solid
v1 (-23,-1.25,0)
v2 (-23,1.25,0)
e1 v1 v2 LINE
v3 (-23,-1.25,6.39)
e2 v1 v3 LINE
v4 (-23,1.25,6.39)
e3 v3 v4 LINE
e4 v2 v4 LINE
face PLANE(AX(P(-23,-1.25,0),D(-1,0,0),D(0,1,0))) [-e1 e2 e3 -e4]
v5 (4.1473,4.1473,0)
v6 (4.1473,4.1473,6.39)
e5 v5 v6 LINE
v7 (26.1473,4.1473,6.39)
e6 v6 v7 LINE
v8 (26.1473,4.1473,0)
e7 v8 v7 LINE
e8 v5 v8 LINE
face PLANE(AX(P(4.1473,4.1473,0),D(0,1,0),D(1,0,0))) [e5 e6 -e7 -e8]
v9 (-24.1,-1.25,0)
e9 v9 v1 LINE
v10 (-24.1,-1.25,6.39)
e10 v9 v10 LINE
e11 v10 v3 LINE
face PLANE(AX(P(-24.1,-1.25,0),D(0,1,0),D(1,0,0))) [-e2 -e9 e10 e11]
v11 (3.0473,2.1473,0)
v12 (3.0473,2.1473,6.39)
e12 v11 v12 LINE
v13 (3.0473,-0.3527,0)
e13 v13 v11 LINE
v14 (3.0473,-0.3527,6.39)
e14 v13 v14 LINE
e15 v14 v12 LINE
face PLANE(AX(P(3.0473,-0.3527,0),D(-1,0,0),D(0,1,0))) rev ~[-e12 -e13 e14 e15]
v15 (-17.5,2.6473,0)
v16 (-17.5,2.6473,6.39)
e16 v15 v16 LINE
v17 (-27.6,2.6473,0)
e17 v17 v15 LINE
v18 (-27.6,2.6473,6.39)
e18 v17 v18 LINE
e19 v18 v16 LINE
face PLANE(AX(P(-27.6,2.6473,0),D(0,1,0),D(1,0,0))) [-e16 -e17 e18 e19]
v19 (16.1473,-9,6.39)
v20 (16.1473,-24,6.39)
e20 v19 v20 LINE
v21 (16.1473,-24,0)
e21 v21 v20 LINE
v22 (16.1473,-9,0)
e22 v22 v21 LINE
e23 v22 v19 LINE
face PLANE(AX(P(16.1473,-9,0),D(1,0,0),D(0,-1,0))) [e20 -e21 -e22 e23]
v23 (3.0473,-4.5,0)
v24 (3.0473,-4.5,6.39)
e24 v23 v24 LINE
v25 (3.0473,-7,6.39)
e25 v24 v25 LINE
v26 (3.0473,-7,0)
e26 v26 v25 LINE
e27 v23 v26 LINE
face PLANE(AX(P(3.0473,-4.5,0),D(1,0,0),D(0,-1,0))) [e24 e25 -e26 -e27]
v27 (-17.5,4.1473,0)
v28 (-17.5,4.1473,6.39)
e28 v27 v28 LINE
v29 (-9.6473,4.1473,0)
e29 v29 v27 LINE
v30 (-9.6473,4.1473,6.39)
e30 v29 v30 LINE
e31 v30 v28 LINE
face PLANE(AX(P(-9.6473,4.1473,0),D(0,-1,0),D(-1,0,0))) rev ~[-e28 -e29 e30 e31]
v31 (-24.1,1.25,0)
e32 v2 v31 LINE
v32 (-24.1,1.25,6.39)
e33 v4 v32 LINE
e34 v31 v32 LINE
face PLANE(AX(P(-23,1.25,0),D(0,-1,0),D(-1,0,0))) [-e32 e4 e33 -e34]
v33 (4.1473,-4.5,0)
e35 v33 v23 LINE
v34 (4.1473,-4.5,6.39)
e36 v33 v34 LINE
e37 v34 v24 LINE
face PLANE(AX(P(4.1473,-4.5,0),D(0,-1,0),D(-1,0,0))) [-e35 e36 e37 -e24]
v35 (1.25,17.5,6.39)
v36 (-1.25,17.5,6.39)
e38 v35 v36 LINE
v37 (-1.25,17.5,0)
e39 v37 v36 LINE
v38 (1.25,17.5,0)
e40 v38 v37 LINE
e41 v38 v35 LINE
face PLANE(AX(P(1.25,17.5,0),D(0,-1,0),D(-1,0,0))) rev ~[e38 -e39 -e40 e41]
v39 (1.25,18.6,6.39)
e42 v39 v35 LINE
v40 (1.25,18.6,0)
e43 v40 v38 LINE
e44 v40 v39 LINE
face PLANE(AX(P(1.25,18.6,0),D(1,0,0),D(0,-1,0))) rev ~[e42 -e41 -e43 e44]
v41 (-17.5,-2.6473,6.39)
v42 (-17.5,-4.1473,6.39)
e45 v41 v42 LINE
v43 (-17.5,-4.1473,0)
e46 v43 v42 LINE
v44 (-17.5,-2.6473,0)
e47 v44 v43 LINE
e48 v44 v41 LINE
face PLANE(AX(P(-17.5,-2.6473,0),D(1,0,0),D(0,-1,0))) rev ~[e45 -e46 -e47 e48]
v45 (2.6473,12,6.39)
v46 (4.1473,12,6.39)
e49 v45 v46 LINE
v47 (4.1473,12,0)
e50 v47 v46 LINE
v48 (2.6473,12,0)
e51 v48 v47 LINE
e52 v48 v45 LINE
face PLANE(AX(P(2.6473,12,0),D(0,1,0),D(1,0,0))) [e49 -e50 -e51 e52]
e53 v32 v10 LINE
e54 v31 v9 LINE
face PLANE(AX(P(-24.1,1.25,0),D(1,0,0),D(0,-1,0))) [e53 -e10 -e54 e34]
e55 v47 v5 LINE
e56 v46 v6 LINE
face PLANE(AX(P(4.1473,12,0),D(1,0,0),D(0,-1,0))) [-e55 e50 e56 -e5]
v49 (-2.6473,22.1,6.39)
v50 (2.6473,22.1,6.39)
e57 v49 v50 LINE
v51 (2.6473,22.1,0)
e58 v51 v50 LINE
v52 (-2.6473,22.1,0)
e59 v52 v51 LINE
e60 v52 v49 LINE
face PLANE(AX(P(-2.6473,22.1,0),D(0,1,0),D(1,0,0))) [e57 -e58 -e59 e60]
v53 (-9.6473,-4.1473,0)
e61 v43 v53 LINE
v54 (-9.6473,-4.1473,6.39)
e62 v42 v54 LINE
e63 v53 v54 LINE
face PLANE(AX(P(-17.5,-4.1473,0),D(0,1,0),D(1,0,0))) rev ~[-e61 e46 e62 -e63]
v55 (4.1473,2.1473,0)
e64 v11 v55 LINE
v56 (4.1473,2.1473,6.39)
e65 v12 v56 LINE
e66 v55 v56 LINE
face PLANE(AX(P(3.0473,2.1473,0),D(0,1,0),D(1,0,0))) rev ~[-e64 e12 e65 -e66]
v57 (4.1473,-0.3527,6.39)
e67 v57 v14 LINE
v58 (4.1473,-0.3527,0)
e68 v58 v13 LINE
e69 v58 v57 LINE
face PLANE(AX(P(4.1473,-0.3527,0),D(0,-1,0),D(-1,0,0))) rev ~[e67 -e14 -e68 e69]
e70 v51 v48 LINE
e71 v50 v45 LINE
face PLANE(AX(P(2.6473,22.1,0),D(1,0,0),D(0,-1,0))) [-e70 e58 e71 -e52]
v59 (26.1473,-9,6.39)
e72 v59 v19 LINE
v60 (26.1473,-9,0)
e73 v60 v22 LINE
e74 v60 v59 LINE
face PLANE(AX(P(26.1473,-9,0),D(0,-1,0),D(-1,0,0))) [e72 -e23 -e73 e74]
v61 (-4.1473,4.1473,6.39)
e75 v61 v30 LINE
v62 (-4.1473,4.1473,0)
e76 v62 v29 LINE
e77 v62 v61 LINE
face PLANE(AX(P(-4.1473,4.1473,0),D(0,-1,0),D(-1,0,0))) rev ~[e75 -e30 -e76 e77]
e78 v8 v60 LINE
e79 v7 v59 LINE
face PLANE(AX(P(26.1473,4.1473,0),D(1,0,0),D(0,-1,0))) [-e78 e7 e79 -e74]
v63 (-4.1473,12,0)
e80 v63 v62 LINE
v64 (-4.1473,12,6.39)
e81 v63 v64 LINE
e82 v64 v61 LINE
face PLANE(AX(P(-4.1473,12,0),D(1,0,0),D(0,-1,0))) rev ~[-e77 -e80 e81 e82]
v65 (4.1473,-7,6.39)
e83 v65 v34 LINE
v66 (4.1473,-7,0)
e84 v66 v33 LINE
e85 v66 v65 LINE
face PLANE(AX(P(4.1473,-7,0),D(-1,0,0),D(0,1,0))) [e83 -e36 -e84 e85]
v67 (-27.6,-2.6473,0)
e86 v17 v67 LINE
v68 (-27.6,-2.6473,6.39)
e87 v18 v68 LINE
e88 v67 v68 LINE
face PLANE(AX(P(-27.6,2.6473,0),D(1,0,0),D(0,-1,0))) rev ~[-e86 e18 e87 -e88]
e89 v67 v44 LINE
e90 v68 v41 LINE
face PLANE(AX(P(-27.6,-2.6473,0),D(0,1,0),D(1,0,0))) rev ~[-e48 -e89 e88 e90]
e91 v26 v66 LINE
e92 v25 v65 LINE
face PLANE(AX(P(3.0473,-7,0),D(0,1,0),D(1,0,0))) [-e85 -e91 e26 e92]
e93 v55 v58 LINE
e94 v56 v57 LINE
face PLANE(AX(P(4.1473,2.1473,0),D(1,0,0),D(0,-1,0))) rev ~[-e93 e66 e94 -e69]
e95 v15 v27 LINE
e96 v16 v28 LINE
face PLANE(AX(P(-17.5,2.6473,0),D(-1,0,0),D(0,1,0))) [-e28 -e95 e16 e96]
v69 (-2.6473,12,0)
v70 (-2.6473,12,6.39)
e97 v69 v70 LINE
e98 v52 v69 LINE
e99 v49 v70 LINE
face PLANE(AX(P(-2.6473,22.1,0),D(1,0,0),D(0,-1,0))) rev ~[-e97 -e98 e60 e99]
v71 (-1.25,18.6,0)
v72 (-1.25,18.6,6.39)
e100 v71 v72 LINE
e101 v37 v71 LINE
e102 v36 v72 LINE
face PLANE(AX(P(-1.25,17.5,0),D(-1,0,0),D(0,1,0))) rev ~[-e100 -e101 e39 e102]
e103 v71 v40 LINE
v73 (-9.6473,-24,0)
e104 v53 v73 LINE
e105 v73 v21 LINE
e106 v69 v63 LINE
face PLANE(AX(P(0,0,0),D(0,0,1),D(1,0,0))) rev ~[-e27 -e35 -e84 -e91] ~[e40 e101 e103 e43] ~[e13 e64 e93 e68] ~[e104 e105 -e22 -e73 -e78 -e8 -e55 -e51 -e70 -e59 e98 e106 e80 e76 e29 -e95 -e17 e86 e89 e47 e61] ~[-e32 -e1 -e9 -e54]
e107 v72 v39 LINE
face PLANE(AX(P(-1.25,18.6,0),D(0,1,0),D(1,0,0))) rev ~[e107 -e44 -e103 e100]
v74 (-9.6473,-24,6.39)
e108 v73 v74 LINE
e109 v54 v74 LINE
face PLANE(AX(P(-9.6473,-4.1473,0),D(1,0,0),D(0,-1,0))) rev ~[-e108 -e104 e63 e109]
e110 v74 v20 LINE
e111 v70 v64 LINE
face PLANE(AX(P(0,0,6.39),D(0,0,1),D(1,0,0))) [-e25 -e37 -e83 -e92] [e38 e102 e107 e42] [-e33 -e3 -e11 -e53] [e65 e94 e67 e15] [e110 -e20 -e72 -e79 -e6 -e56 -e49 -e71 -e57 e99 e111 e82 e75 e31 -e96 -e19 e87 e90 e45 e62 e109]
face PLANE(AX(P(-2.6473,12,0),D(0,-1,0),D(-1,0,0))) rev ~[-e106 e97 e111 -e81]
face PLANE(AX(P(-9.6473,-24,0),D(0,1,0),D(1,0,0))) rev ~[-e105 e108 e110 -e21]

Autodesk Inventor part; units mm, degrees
ref_plane "YZ Plane" through (0, 0, 0) normal (1, 0, 0) x (0, 1, 0)
ref_plane "XZ Plane" through (0, 0, 0) normal (0, 1, 0) x (-1, 0, 0)
ref_plane "XY Plane" through (0, 0, 0) normal (0, 0, 1) x (1, 0, 0)
sketch "Sketch1" plane through (0, 0, 0) normal (0, 0, 1) x (1, 0, 0)
  line L0 (-2.6473, 22.1) -> (2.6473, 22.1)
  line L1 (2.6473, 22.1) -> (2.6473, 12)
  line L2 (2.6473, 12) -> (4.1473, 12)
  line L3 (4.1473, 12) -> (4.1473, 4.1473)
  line L4 (0, 22.1) -> (0, 0) construction
  line L5 (-2.6473, 22.1) -> (-2.6473, 12)
  line L6 (-2.6473, 12) -> (-4.1473, 12)
  line L7 (-1.25, 18.6) -> (1.25, 18.6)
  line L8 (1.25, 18.6) -> (1.25, 17.5)
  line L9 (1.25, 17.5) -> (-1.25, 17.5)
  line L10 (-1.25, 17.5) -> (-1.25, 18.6)
  line L11 (-9.6473, -24) -> (16.1473, -24)
  line L12 (26.1473, -9) -> (16.1473, -9)
  line L13 (16.1473, -9) -> (16.1473, -24)
  line L14 (3.0473, 2.1473) -> (4.1473, 2.1473)
  line L15 (4.1473, 2.1473) -> (4.1473, -0.3527)
  line L16 (4.1473, -0.3527) -> (3.0473, -0.3527)
  line L17 (3.0473, -0.3527) -> (3.0473, 2.1473)
  line L18 (-4.1473, 12) -> (-30.8527, 12) construction
  line L19 (-27.6, 2.6473) -> (-27.6, -2.6473)
  line L20 (-27.6, -2.6473) -> (-17.5, -2.6473)
  line L21 (-17.5, -2.6473) -> (-17.5, -4.1473)
  line L22 (-17.5, -4.1473) -> (-9.6473, -4.1473)
  line L23 (-9.6473, -4.1473) -> (-9.6473, -24)
  line L24 (-27.6, 2.6473) -> (-17.5, 2.6473)
  line L25 (-17.5, 2.6473) -> (-17.5, 4.1473)
  line L26 (-24.1, 1.25) -> (-24.1, -1.25)
  line L27 (-24.1, -1.25) -> (-23, -1.25)
  line L28 (-23, -1.25) -> (-23, 1.25)
  line L29 (-23, 1.25) -> (-24.1, 1.25)
  line L30 (-17.5, 12) -> (-17.5, -24) construction
  line L31 (-4.1473, 12) -> (-4.1473, 4.1473)
  line L32 (-9.6473, 4.1473) -> (-17.5, 4.1473)
  line L33 (-4.1473, 4.1473) -> (-9.6473, 4.1473)
  line L34 (26.1473, 4.1473) -> (26.1473, -9)
  line L35 (26.1473, -2.4263) -> (4.1473, -2.4263) construction
  line L36 (3.0473, -7) -> (4.1473, -7)
  line L37 (4.1473, -7) -> (4.1473, -4.5)
  line L38 (4.1473, -4.5) -> (3.0473, -4.5)
  line L39 (3.0473, -4.5) -> (3.0473, -7)
  line L40 (4.1473, 4.1473) -> (26.1473, 4.1473)
  point P0 (0, 17.5)
  point P1 (3.0473, 0.8973)
  point P2 (4.1473, 0.8973)
  point P3 (-24.1, 0)
  point P4 (-27.6, 0)
  dimension "d4" = 1.5
  dimension "d26" = 10.1
  dimension "d27" = 5.2946
  dimension "d31" = 2.5
  dimension "d32" = 1.1
  dimension "d35" = 5.5
  dimension "d41" = 1.1
  dimension "d42" = 2.5
  dimension "d72" = 17.5
  dimension "BearingHolderHeight" = 24.5263
  dimension "d99" = 5.5
  dimension "d103" = 12
  dimension "d104" = 10
  dimension "d105" = 13.1473
  dimension "d106" = 2
  dimension "d108" = 15
  dimension "d124" = 12
  dimension "d125" = 7.8527
extrude "Extrusion2" add sketch "Sketch1" along normal blind 6.39
equation "\"BearingDiameter\" = 24"
equation "\"WoodThickness\" = 6.39"
equation "\"BearingWidth\" = 7"
equation "\"BearingShaftDiameter\" = 8"
equation "\"ZipTieWidth\" = 2.5"
equation "\"ZipTieThickness\" = 1.1"
equation "\"ZipTieClearance\" = 1"
equation "\"ZipTieDistance\" = 10"
equation "\"BearingSiliconeWidth\" = 14"
properties part number "BearingStand_V2" material "Wood (Birch)"
